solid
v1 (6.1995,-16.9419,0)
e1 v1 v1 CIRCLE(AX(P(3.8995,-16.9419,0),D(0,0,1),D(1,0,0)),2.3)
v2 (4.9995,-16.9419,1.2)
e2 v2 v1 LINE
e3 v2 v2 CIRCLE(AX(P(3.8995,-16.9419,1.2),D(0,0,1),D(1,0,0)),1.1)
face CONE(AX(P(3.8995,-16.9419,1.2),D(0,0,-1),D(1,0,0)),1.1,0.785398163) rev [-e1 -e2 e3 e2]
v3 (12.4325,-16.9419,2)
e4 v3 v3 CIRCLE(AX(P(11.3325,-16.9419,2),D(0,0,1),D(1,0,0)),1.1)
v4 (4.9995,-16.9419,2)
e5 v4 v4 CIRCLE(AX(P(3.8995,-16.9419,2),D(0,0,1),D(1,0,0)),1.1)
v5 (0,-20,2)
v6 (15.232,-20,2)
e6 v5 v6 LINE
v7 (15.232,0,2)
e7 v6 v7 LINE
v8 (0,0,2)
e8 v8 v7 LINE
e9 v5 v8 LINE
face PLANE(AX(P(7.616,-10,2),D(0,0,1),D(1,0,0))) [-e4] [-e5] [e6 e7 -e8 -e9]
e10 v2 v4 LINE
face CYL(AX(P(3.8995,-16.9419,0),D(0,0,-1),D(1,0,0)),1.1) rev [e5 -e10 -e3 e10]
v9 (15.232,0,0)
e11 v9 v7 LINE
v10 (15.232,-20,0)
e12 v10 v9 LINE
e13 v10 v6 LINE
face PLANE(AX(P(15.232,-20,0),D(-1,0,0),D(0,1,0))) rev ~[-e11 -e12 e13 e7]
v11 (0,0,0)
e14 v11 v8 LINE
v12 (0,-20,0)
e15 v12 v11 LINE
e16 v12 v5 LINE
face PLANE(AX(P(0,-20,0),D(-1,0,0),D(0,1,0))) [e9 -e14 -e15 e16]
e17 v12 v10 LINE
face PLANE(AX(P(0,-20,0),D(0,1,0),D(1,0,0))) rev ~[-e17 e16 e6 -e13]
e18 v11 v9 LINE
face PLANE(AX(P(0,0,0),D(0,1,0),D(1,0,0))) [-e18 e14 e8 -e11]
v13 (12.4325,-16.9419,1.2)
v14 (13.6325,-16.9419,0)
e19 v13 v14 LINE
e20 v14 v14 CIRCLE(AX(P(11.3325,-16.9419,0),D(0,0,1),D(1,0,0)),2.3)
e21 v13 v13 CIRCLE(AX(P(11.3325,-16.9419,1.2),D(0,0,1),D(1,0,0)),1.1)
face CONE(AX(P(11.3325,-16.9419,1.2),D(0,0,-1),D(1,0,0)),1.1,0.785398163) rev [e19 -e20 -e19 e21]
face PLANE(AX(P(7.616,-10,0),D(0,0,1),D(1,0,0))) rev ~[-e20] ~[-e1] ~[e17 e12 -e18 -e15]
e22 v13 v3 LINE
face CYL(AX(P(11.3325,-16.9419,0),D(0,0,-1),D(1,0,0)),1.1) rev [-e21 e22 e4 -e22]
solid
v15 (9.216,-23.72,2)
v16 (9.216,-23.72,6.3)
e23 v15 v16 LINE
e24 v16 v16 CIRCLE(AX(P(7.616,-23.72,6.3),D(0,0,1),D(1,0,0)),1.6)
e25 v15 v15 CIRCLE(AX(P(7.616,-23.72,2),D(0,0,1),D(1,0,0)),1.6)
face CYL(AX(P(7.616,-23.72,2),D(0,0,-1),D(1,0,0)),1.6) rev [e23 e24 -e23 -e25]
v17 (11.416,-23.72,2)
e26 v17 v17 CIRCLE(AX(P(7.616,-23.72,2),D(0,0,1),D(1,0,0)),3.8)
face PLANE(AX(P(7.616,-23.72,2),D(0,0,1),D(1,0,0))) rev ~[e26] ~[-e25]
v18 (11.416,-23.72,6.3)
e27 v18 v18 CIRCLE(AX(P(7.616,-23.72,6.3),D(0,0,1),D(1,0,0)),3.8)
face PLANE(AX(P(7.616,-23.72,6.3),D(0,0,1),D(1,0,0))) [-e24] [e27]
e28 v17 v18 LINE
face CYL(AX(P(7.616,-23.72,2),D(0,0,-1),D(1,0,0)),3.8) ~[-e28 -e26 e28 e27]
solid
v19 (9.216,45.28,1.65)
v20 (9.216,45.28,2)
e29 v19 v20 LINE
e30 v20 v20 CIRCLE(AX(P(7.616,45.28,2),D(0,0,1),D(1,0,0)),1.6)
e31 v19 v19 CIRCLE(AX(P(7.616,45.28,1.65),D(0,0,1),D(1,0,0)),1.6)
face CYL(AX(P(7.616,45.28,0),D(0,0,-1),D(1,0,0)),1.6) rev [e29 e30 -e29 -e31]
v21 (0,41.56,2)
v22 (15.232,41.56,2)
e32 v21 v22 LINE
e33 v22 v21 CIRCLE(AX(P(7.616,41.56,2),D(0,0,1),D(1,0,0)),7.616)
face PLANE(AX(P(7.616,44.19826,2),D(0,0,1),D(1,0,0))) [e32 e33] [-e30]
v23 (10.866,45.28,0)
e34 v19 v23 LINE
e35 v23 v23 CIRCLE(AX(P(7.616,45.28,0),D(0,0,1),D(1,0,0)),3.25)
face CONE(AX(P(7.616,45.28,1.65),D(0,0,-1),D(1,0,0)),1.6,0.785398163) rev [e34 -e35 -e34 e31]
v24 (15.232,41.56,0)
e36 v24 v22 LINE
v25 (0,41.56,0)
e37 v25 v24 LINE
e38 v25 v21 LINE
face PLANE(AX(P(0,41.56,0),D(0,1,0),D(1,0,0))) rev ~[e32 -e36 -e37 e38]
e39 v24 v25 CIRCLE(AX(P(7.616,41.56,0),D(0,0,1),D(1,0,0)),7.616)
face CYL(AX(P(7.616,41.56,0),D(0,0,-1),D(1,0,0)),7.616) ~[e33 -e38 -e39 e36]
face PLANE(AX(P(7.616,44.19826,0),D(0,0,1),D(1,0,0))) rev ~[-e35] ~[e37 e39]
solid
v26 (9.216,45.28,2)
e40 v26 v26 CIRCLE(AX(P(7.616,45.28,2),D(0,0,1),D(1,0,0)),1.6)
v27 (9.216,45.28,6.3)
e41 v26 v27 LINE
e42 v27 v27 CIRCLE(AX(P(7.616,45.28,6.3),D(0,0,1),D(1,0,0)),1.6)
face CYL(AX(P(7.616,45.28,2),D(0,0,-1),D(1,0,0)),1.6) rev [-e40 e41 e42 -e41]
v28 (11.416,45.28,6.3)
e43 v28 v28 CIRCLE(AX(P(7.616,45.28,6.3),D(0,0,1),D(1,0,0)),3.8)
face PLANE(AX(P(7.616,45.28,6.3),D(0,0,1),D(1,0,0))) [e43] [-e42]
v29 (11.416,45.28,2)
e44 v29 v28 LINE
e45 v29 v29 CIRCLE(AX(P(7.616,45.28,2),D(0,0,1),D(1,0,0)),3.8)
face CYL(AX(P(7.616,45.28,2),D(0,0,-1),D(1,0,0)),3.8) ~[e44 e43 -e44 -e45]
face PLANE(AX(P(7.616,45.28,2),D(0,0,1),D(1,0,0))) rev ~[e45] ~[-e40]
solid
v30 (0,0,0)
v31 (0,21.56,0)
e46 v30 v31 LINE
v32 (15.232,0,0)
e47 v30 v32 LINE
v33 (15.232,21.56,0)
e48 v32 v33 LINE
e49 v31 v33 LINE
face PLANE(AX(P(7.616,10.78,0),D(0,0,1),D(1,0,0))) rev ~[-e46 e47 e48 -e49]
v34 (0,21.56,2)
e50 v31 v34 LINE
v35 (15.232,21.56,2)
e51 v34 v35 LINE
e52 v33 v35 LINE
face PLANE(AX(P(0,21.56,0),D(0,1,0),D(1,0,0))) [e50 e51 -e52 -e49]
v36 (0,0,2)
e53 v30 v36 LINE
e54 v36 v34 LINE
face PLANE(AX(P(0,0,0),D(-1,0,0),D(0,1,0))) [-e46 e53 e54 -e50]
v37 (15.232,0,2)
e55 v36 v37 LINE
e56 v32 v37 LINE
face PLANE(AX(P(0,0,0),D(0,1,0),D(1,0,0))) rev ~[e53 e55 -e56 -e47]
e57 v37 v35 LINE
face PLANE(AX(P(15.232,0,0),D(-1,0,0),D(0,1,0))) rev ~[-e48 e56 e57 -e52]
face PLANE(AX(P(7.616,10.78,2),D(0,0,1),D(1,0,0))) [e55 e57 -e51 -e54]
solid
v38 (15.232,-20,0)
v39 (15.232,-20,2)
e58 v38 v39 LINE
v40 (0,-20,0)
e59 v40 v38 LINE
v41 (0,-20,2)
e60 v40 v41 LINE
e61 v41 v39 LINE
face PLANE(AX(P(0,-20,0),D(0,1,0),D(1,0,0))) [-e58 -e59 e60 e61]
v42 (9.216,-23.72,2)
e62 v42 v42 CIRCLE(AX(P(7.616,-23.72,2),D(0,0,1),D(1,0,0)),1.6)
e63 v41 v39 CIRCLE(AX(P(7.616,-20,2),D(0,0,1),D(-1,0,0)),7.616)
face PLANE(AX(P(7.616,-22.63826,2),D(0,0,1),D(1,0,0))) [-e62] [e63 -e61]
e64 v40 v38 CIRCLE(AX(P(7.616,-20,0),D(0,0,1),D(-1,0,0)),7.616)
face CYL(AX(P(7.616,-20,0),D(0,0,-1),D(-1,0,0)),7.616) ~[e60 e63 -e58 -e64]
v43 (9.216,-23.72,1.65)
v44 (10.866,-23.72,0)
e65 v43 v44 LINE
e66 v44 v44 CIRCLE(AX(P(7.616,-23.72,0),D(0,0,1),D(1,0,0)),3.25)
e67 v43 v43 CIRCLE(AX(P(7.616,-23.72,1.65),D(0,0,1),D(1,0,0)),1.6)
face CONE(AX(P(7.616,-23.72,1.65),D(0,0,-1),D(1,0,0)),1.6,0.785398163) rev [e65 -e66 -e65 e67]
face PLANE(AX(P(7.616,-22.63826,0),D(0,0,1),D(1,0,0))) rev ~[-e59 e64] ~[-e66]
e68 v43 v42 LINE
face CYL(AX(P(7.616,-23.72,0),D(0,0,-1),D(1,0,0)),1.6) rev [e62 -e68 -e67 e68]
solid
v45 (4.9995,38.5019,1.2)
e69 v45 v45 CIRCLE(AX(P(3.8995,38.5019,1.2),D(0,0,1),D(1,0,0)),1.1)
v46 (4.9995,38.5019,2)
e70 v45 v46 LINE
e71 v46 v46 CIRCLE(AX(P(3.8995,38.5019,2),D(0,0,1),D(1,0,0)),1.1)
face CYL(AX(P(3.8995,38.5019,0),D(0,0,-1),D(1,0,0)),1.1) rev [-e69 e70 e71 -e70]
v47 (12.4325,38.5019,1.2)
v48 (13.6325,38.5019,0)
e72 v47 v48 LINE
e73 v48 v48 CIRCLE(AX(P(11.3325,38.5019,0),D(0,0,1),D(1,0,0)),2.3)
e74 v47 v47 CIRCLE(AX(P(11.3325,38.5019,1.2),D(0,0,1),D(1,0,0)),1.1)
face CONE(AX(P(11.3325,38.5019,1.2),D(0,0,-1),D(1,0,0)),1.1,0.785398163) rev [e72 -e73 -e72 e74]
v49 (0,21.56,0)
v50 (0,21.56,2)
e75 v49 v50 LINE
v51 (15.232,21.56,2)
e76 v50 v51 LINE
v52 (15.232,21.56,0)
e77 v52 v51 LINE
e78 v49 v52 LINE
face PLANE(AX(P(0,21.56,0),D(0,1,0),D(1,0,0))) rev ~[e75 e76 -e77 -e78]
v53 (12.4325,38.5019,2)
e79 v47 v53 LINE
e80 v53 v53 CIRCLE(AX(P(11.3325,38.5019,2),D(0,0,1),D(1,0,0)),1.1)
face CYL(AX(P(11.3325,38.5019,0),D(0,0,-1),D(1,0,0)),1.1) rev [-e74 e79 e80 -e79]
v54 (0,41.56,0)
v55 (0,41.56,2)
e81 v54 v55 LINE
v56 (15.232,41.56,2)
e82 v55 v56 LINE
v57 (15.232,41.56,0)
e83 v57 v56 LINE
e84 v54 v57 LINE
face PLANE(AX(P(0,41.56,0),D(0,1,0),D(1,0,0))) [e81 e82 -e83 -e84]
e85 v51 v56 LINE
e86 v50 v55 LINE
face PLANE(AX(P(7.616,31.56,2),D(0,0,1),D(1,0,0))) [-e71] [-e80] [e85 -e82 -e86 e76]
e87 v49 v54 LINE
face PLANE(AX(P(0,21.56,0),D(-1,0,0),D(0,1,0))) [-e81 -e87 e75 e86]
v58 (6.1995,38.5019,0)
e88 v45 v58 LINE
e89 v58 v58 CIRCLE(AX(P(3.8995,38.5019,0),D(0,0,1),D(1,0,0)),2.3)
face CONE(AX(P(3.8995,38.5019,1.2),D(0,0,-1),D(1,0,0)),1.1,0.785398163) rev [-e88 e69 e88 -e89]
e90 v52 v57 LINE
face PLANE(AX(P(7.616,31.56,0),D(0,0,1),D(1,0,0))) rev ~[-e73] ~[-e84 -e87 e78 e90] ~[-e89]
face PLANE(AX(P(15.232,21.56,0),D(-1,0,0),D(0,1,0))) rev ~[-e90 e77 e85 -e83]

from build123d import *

# Parameters (mm, degrees)
SKETCH001_W     = 15.232
SKETCH001_H     = 20
SKETCH001_R     = 1.1
PAD001_DEPTH    = 2
CHAMFER002_SIZE = 1.2
SKETCH002_R     = 1.6
PAD_DEPTH       = 2
CHAMFER_SIZE    = 1.65
CHAMFER003_SIZE = 1.65
SKETCH_W        = 15.232
SKETCH_H        = 21.56
PAD002_DEPTH    = 2
SKETCH004_R     = 3.8
SKETCH004_R_2   = 1.6
PAD003_DEPTH    = 4.3


with BuildPart() as chamfer002:
    # Sketch001 → Pad001 (new body)
    with BuildSketch(Plane.XY):
        with Locations((7.616, -10)):
            Rectangle(SKETCH001_W, SKETCH001_H)
        with Locations((3.8995, -16.9419)):
            Circle(SKETCH001_R, mode=Mode.SUBTRACT)
        with Locations((11.3325, -16.9419)):
            Circle(SKETCH001_R, mode=Mode.SUBTRACT)
        with Locations((7.616, 31.56)):
            Rectangle(SKETCH001_W, SKETCH001_H)
        with Locations((3.8995, 38.5019)):
            Circle(SKETCH001_R, mode=Mode.SUBTRACT)
        with Locations((11.3325, 38.5019)):
            Circle(SKETCH001_R, mode=Mode.SUBTRACT)
    extrude(amount=PAD001_DEPTH)

    # Chamfer002
    chamfer002_edges = [chamfer002.edges().sort_by_distance(p)[0] for p in [
        (10.2325, -16.9419, 0),
        (2.7995, -16.9419, 0),
        (10.2325, 38.5019, 0),
        (2.7995, 38.5019, 0),
    ]]
    chamfer(chamfer002_edges, length=CHAMFER002_SIZE)


with BuildPart() as chamfer003:
    # Sketch002 → Pad (new body)
    with BuildSketch(Plane.XY):
        with BuildLine():
            ThreePointArc((15.232, 41.56), (7.616, 49.176), (0, 41.56))
            Line((0, 41.56), (15.232, 41.56))
        make_face()
        with Locations((7.616, 45.28)):
            Circle(SKETCH002_R, mode=Mode.SUBTRACT)
        with BuildLine():
            ThreePointArc((0, -20), (7.616, -27.616), (15.232, -20))
            Line((0, -20), (15.232, -20))
        make_face()
        with Locations((7.616, -23.72)):
            Circle(SKETCH002_R, mode=Mode.SUBTRACT)
    extrude(amount=PAD_DEPTH)

    # Chamfer
    chamfer_edges = [chamfer003.edges().sort_by_distance(p)[0] for p in [
        (6.016, 45.28, 0),
    ]]
    chamfer(chamfer_edges, length=CHAMFER_SIZE)

    # Chamfer003
    chamfer003_edges = [chamfer003.edges().sort_by_distance(p)[0] for p in [
        (6.016, -23.72, 0),
    ]]
    chamfer(chamfer003_edges, length=CHAMFER003_SIZE)


with BuildPart() as pad002:
    # Sketch → Pad002 (new body)
    with BuildSketch(Plane.XY):
        with Locations((7.616, 10.78)):
            Rectangle(SKETCH_W, SKETCH_H)
    extrude(amount=PAD002_DEPTH)


with BuildPart() as pad003:
    # Sketch004 → Pad003 (new body)
    with BuildSketch(Plane.XY.offset(2)):
        with Locations((7.616, 45.28)):
            Circle(SKETCH004_R)
        with Locations((7.616, 45.28)):
            Circle(SKETCH004_R_2, mode=Mode.SUBTRACT)
        with Locations((7.616, -23.72)):
            Circle(SKETCH004_R)
        with Locations((7.616, -23.72)):
            Circle(SKETCH004_R_2, mode=Mode.SUBTRACT)
    extrude(amount=PAD003_DEPTH)


solid = Compound([chamfer002.part, chamfer003.part, pad002.part, pad003.part])
